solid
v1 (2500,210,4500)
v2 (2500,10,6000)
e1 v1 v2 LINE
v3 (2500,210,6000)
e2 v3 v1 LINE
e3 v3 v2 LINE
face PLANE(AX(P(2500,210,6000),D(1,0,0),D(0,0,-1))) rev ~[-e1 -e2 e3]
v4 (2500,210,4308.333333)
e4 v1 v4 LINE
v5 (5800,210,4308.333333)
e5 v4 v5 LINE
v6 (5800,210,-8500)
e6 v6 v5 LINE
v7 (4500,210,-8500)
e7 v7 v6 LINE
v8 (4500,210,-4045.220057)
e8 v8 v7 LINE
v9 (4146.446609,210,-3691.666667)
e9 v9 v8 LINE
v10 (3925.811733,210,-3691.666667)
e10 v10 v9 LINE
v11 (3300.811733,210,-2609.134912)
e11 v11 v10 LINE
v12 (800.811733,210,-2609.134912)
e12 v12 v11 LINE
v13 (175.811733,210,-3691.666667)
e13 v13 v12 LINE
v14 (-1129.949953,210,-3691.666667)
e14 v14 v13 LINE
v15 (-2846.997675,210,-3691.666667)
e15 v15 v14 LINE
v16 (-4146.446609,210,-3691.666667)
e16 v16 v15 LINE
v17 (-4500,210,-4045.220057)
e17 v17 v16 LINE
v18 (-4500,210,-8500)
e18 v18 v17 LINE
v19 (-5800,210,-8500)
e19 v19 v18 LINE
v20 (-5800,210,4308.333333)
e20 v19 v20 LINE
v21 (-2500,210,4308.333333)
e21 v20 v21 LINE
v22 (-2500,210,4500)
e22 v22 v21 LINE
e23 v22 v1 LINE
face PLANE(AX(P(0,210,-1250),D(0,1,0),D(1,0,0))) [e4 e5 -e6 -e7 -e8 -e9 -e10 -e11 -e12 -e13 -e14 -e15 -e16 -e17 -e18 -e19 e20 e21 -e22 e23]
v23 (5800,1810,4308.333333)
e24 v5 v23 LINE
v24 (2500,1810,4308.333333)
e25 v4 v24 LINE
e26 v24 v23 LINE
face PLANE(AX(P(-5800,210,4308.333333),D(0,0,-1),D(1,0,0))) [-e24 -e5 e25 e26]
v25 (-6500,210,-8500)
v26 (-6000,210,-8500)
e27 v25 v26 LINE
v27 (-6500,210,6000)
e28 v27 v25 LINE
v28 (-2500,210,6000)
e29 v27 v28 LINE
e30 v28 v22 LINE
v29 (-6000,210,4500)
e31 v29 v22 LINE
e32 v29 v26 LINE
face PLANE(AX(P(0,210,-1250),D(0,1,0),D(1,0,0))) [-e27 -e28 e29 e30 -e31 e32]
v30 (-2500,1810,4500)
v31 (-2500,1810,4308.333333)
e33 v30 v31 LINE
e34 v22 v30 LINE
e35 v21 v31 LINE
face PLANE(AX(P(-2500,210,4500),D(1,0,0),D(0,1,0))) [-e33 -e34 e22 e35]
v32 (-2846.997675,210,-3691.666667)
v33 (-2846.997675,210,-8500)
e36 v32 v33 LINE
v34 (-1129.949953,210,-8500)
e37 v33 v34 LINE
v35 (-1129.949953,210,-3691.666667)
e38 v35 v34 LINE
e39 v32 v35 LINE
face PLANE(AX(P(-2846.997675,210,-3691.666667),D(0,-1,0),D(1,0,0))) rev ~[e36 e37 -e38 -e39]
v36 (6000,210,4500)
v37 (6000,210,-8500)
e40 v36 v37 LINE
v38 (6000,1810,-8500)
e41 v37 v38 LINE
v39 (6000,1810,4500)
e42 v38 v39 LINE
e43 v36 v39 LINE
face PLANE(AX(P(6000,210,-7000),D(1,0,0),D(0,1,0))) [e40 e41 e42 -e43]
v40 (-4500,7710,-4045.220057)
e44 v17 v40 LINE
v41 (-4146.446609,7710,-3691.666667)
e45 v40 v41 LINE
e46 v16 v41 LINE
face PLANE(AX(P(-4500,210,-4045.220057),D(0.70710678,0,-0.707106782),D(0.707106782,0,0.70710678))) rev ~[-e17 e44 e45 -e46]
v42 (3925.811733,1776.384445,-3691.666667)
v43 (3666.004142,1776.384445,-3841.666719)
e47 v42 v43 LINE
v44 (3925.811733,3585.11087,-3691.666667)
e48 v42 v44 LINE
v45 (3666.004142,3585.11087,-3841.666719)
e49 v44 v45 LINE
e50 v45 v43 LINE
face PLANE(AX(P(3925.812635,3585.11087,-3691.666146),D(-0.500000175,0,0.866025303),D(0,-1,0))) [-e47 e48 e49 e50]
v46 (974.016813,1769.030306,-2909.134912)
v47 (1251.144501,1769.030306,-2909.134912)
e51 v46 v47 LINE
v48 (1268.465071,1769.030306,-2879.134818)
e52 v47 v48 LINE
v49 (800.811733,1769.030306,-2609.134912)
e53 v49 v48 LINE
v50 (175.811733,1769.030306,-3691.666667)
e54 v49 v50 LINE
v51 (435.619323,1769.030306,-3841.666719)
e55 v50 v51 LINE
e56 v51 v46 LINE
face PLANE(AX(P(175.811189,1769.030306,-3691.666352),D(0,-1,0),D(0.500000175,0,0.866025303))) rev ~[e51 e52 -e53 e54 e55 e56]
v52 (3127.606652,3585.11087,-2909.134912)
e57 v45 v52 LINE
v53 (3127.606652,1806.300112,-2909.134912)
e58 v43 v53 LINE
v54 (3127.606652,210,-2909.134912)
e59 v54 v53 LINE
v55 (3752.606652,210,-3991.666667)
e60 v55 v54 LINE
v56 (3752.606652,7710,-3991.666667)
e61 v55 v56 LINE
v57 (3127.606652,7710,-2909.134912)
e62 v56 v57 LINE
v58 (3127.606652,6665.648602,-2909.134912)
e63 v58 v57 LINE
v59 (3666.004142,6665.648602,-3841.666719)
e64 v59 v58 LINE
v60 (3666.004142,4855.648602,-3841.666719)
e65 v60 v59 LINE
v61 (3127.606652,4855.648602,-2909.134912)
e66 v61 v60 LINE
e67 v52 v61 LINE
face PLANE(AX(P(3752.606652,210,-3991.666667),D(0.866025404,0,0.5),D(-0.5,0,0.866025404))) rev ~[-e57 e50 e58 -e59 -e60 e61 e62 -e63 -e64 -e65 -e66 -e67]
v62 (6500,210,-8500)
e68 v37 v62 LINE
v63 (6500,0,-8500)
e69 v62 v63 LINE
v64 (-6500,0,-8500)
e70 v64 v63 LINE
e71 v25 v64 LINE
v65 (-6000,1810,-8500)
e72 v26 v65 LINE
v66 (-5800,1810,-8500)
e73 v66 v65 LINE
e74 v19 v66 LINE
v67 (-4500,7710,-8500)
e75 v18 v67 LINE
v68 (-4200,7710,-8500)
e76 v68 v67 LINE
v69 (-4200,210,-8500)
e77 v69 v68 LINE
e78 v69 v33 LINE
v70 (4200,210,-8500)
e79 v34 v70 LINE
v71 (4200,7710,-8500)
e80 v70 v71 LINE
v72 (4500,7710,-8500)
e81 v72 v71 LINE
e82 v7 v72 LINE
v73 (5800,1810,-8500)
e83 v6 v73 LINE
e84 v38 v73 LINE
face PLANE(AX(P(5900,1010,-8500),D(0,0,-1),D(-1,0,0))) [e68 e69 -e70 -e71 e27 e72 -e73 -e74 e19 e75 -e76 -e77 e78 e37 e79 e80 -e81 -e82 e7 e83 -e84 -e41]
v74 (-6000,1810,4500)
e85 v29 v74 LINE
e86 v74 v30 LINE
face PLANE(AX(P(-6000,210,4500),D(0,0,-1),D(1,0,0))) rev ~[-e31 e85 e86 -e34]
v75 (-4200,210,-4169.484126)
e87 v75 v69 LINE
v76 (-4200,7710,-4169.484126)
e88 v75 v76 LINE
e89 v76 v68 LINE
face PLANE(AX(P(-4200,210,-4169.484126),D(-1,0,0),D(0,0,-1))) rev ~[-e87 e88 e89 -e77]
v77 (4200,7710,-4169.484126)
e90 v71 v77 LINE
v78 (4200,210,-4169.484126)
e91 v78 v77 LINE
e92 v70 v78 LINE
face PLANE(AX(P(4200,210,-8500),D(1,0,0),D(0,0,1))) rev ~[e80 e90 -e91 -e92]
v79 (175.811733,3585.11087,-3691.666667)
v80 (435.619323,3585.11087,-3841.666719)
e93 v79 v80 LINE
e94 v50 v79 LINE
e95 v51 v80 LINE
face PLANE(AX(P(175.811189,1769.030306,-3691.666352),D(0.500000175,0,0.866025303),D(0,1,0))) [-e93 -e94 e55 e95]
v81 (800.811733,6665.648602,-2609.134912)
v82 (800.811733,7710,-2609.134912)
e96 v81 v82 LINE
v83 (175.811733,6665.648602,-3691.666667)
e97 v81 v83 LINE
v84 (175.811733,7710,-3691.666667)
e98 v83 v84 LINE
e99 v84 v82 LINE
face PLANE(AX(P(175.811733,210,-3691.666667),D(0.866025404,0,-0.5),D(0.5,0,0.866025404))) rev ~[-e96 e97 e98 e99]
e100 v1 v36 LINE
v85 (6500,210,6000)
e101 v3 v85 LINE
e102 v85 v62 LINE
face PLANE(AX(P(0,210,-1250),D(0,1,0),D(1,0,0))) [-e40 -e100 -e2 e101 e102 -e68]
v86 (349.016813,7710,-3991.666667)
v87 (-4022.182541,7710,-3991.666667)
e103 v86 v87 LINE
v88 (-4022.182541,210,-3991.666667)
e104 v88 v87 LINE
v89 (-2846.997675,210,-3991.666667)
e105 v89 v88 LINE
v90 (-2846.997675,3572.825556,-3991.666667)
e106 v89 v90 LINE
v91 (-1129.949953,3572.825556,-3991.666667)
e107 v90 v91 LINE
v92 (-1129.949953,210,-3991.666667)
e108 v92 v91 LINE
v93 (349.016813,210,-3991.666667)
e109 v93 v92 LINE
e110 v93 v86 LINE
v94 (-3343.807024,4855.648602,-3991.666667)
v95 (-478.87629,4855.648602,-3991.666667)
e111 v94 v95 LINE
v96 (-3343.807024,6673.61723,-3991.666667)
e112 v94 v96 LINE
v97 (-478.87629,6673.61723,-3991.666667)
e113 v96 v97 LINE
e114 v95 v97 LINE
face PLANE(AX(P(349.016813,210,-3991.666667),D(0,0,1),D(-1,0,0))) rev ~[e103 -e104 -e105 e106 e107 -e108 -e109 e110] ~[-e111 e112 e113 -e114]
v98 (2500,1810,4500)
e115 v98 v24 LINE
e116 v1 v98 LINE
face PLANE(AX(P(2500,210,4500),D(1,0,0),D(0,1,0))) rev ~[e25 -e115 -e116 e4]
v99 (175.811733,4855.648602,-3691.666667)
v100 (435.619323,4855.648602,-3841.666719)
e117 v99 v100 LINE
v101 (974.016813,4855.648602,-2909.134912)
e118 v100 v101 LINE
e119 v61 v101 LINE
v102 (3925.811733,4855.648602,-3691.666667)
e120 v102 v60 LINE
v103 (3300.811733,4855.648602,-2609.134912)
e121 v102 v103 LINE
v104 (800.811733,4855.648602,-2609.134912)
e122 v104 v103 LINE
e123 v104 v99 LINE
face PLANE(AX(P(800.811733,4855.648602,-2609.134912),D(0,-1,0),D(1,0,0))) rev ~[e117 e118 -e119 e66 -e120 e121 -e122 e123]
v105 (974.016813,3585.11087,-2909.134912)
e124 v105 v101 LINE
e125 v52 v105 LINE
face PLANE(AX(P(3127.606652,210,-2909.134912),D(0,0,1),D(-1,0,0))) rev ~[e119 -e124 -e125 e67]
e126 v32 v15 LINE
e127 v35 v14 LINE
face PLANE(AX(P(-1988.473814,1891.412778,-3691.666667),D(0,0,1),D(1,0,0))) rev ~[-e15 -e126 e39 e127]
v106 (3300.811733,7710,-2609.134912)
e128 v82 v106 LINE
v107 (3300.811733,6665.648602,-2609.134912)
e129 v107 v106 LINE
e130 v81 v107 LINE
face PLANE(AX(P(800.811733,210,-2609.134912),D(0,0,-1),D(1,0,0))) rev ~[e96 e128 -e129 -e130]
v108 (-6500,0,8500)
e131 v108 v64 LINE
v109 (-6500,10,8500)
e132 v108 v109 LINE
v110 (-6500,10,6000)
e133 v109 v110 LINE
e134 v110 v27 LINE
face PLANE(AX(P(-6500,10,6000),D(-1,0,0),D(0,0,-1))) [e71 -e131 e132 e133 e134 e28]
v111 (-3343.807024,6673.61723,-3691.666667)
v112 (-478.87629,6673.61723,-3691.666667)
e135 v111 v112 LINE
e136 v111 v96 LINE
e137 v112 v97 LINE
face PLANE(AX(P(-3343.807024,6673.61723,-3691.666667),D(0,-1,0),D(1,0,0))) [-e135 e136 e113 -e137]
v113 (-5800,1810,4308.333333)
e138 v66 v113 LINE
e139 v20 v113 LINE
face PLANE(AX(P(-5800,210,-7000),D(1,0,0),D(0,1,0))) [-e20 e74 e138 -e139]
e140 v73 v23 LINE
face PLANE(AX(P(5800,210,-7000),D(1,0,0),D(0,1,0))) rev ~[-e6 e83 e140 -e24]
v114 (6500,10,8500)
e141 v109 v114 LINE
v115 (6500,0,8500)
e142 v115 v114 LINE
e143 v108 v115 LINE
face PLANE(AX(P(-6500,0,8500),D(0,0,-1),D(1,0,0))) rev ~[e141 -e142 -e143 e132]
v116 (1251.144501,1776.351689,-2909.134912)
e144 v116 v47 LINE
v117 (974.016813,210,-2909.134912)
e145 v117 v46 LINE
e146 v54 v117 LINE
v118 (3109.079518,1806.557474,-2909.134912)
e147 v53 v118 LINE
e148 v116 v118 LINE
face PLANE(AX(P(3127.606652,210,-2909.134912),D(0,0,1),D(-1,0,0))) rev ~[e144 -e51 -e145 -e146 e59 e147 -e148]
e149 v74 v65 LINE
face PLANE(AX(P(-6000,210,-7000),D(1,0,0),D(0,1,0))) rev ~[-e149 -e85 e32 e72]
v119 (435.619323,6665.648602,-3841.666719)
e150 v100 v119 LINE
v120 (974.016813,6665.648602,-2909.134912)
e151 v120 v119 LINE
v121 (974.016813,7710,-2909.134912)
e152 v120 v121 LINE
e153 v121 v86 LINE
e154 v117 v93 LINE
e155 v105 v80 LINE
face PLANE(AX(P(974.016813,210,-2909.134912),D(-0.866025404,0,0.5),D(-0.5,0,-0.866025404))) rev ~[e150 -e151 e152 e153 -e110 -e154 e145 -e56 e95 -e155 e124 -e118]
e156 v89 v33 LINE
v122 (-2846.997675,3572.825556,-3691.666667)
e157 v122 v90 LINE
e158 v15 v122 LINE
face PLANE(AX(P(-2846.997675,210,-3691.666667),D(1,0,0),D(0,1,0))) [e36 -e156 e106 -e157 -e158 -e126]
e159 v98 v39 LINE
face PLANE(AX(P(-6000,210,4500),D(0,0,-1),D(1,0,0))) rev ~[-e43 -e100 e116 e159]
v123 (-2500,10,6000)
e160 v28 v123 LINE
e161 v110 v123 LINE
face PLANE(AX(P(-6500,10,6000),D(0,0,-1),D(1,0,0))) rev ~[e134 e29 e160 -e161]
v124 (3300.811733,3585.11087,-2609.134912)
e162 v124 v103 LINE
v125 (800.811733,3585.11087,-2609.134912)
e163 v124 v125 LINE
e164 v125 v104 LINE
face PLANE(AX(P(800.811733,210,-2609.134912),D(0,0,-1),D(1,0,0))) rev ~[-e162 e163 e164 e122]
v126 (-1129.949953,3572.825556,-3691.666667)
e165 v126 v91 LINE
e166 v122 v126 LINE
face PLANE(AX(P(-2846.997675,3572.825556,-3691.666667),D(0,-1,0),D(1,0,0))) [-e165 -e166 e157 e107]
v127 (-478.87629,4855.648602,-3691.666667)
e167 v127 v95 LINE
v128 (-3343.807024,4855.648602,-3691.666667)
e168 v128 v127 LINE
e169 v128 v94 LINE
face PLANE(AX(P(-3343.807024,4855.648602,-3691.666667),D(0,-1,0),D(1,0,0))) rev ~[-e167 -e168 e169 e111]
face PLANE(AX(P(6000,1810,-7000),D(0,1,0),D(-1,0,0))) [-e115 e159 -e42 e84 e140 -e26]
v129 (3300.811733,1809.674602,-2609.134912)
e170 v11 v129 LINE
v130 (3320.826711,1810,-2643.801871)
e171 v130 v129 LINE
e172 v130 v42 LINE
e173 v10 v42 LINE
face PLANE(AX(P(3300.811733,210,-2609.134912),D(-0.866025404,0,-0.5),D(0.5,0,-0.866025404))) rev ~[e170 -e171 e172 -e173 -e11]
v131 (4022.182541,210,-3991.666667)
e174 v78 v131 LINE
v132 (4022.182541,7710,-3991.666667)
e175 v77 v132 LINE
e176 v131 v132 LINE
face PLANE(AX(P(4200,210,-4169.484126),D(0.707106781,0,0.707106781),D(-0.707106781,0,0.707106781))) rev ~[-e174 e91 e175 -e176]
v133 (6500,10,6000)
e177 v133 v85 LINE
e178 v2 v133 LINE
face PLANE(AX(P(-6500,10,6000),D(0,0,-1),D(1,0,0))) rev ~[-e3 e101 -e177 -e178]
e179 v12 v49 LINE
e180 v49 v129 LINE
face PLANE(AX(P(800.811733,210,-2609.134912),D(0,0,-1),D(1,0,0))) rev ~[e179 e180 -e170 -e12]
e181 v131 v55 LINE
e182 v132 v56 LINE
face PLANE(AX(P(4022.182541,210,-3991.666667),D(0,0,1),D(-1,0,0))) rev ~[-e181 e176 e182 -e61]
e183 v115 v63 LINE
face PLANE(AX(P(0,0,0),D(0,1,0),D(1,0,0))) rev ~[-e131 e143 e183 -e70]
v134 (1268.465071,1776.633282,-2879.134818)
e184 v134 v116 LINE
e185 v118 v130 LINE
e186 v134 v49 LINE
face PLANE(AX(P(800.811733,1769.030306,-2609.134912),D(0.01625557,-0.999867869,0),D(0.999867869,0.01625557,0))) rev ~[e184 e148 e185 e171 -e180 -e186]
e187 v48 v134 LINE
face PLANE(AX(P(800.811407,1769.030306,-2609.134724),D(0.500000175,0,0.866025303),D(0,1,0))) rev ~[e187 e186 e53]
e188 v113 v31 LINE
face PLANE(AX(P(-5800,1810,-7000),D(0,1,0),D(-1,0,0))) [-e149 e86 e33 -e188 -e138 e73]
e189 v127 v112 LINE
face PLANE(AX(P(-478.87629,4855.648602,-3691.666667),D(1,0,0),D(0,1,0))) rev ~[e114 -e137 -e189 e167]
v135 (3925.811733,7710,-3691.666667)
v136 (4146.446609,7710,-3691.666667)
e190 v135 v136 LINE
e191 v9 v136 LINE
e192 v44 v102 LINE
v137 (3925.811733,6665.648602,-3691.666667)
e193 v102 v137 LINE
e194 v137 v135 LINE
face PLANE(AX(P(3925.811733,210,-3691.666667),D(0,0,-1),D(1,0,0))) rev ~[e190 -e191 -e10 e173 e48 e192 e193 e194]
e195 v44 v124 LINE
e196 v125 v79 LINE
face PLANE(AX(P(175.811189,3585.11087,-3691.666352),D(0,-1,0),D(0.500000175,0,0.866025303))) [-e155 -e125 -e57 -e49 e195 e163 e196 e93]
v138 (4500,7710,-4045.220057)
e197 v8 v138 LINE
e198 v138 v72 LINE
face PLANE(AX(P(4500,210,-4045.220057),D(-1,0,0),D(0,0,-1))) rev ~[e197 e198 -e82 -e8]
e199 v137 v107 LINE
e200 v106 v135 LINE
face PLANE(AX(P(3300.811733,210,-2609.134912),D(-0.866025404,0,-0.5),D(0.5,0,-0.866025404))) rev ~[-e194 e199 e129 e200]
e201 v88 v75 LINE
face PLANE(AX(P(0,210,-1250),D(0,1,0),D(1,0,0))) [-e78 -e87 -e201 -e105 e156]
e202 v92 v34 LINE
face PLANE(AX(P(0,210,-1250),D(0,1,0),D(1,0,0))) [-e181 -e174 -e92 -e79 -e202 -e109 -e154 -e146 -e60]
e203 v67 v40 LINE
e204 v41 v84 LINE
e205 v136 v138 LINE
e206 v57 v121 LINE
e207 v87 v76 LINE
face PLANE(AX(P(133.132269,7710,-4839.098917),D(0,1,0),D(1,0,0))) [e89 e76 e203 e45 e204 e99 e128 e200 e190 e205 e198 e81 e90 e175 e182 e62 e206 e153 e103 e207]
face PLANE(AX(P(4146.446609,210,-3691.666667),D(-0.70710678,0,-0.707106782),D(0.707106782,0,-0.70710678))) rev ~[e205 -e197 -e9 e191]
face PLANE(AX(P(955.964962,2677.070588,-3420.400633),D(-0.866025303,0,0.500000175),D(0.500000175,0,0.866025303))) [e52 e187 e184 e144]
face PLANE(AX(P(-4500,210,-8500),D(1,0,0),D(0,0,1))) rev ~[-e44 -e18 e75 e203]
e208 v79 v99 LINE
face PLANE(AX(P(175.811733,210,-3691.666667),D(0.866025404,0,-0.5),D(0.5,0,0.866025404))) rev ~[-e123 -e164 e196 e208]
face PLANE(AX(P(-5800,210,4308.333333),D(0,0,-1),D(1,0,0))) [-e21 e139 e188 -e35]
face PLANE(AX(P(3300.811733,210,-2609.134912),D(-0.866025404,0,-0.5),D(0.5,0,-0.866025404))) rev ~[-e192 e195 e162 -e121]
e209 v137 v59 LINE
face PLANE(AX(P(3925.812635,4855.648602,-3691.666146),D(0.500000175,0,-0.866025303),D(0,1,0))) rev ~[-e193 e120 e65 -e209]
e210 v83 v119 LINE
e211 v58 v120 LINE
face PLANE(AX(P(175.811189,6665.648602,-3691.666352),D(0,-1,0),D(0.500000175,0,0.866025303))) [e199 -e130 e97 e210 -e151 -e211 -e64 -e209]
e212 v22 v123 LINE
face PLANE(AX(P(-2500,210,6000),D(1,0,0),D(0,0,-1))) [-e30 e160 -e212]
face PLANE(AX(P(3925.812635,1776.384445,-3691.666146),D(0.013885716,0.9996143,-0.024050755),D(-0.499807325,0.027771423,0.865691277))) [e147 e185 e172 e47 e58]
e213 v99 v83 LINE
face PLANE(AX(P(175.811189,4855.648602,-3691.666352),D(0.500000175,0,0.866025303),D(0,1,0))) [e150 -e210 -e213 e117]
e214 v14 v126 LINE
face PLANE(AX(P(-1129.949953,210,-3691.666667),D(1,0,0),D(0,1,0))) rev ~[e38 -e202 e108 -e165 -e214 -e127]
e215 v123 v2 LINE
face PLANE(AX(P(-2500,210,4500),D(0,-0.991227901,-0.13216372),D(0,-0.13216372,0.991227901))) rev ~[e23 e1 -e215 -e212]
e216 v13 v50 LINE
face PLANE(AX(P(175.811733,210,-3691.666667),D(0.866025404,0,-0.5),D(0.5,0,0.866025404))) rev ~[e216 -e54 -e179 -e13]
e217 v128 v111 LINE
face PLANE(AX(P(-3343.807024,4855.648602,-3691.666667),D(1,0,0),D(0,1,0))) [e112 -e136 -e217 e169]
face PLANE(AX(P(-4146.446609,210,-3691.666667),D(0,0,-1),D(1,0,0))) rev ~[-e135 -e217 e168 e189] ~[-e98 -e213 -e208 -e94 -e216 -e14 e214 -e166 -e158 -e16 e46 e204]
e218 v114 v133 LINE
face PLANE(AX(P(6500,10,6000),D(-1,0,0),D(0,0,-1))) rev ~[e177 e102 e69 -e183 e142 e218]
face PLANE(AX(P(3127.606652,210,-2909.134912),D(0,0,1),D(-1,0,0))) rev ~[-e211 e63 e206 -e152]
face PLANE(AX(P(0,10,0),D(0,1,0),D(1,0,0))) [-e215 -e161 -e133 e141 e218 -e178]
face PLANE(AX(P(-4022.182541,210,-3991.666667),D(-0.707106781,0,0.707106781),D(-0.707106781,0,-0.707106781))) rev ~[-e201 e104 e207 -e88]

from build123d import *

# Parameters (mm, degrees)
CROQUIS1_W              = 13000
CROQUIS1_H              = 17000
SALIENTE_EXTRUIR1_DEPTH = 10
CROQUIS2_W              = 13000
CROQUIS2_H              = 14500
SALIENTE_EXTRUIR2_DEPTH = 200
CROQUIS4_W              = 12000
CROQUIS4_H              = 11500
CROQUIS4_W_2            = 11600
CROQUIS4_H_2            = 11116.666666
SALIENTE_EXTRUIR4_DEPTH = 1600
CROQUIS5_W              = 5000
CROQUIS5_H              = 1600
CORTAR_EXTRUIR1_DEPTH   = 191.666667
CROQUIS7_W              = 11600
CROQUIS7_H              = 1600
CORTAR_EXTRUIR2_DEPTH   = 191.666667
CROQUIS8_W              = 5000
CROQUIS8_H              = 1500
CORTAR_EXTRUIR3_DEPTH   = 200
SALIENTE_EXTRUIR5_DEPTH = 5000
SALIENTE_EXTRUIR6_DEPTH = 7500
CROQUIS11_W             = 200
CROQUIS11_H             = 1600
SALIENTE_EXTRUIR7_DEPTH = 1500
CROQUIS12_W             = 1717.047722
CROQUIS12_H             = 3362.825557
CORTAR_EXTRUIR4_DEPTH   = 4809.333333
CORTAR_EXTRUIR5_DEPTH   = 5891.865088
CORTAR_EXTRUIR6_DEPTH   = 690
CROQUIS15_W             = 1250
CROQUIS15_H             = 1816.080564
CORTAR_EXTRUIR7_DEPTH   = 540
CROQUIS16_W             = 2500
CROQUIS16_H             = 1810
CORTAR_EXTRUIR8_DEPTH   = 540
CROQUIS17_W             = 1250
CROQUIS17_H             = 1810
CORTAR_EXTRUIR9_DEPTH   = 540
CROQUIS18_W             = 1250
CROQUIS18_H             = 1810
CORTAR_EXTRUIR10_DEPTH  = 540
CROQUIS19_W             = 2864.930734
CROQUIS19_H             = 1817.968628
CORTAR_EXTRUIR11_DEPTH  = 540


with BuildPart() as part:
    # Croquis1 → Saliente-Extruir1 (new body)
    with BuildSketch(Plane(origin=(0, 0, 0), x_dir=(1, 0, 0), z_dir=(0, 1, 0))):
        Rectangle(CROQUIS1_W, CROQUIS1_H)
    extrude(amount=SALIENTE_EXTRUIR1_DEPTH)

    # Croquis2 → Saliente-Extruir2 (add)
    with BuildSketch(Plane(origin=(0, 10, 0), x_dir=(1, 0, 0), z_dir=(0, 1, 0))):
        with Locations((0, 1250)):
            Rectangle(CROQUIS2_W, CROQUIS2_H)
    extrude(amount=SALIENTE_EXTRUIR2_DEPTH)

    # Croquis4 → Saliente-Extruir4 (add)
    with BuildSketch(Plane(origin=(0, 210, 0), x_dir=(1, 0, 0), z_dir=(0, 1, 0))):
        with Locations((0, 1250)):
            Rectangle(CROQUIS4_W, CROQUIS4_H)
        with Locations((0, 1250)):
            Rectangle(CROQUIS4_W_2, CROQUIS4_H_2, mode=Mode.SUBTRACT)
    extrude(amount=SALIENTE_EXTRUIR4_DEPTH)

    # Croquis5 → Cortar-Extruir1 (cut)
    with BuildSketch(Plane.XY.offset(4500)):
        with Locations((0, 1010)):
            Rectangle(CROQUIS5_W, CROQUIS5_H)
    extrude(amount=-CORTAR_EXTRUIR1_DEPTH, mode=Mode.SUBTRACT)

    # Croquis7 → Cortar-Extruir2 (cut)
    with BuildSketch(Plane.XY.offset(-6808.333333)):
        with Locations((0, 1010)):
            Rectangle(CROQUIS7_W, CROQUIS7_H)
    extrude(amount=-CORTAR_EXTRUIR2_DEPTH, mode=Mode.SUBTRACT)

    # Croquis8 → Cortar-Extruir3 (cut)
    with BuildSketch(Plane(origin=(0, 210, 0), x_dir=(1, 0, 0), z_dir=(0, 1, 0))):
        with Locations((0, -5250)):
            Rectangle(CROQUIS8_W, CROQUIS8_H)
    extrude(amount=-CORTAR_EXTRUIR3_DEPTH, mode=Mode.SUBTRACT)

    # Croquis9 → Saliente-Extruir5 (add)
    with BuildSketch(Plane(origin=(-2500, 0, 0), x_dir=(0, 0, -1), z_dir=(1, 0, 0))):
        Polygon((-6000, 10), (-4500, 10), (-4500, 210), align=None)
    extrude(amount=SALIENTE_EXTRUIR5_DEPTH)

    # Croquis10 → Saliente-Extruir6 (add)
    with BuildSketch(Plane(origin=(0, 210, 0), x_dir=(1, 0, 0), z_dir=(0, 1, 0))):
        Polygon((-4146.446609, 3691.666667), (175.811733, 3691.666667), (800.811733, 2609.134912), (3300.811733, 2609.134912), (3925.811733, 3691.666667), (4146.446609, 3691.666667), (4500, 4045.220057), (4500, 8500), (4200, 8500), (4200, 4169.484126), (4022.182541, 3991.666667), (3752.606652, 3991.666667), (3127.606652, 2909.134912), (974.016813, 2909.134912), (349.016813, 3991.666667), (-4022.182541, 3991.666667), (-4200, 4169.484126), (-4200, 8500), (-4500, 8500), (-4500, 4045.220057), align=None)
    extrude(amount=SALIENTE_EXTRUIR6_DEPTH)

    # Croquis11 → Saliente-Extruir7 (add)
    with BuildSketch(Plane(origin=(0, 0, -7000), x_dir=(-1, 0, 0), z_dir=(0, 0, -1))):
        with Locations((-5900, 1010)):
            Rectangle(CROQUIS11_W, CROQUIS11_H)
        with Locations((5900, 1010)):
            Rectangle(CROQUIS11_W, CROQUIS11_H)
    extrude(amount=SALIENTE_EXTRUIR7_DEPTH)

    # Croquis12 → Cortar-Extruir4 (cut, through all)
    with BuildSketch(Plane.XY.offset(-3691.666667)):
        with Locations((-1988.473814, 1891.412778)):
            Rectangle(CROQUIS12_W, CROQUIS12_H)
    extrude(amount=-CORTAR_EXTRUIR4_DEPTH, mode=Mode.SUBTRACT)

    # Croquis13 → Cortar-Extruir5 (cut, through all)
    with BuildSketch(Plane.XY.offset(-2609.134912)):
        Polygon((800.811733, 1769.030306), (3320.826711, 1810), (3300.811733, 3585.11087), (800.811733, 3585.11087), align=None)
    extrude(amount=-CORTAR_EXTRUIR5_DEPTH, mode=Mode.SUBTRACT)

    # Croquis14 → Cortar-Extruir6 (cut, symmetric)
    with BuildSketch(Plane(origin=(1345.820242, 0, 777.009679), x_dir=(0.5, 0, -0.866025), z_dir=(0.866025, 0, 0.5))):
        Polygon((3909.982982, 3585.11087), (5159.982982, 3585.11087), (5159.982982, 1776.384445), (3950.012938, 1810), align=None)
    extrude(amount=CORTAR_EXTRUIR6_DEPTH, both=True, mode=Mode.SUBTRACT)

    # Croquis15 → Cortar-Extruir7 (cut)
    with BuildSketch(Plane(origin=(1730.397357, 0, -999.04538), x_dir=(0.5, 0, 0.866025), z_dir=(-0.866025, 0, 0.5))):
        with Locations((-2484.171249, 2677.070588)):
            Rectangle(CROQUIS15_W, CROQUIS15_H)
    extrude(amount=-CORTAR_EXTRUIR7_DEPTH, mode=Mode.SUBTRACT)

    # Croquis16 → Cortar-Extruir8 (cut)
    with BuildSketch(Plane.XY.offset(-2609.134912)):
        with Locations((2050.811733, 5760.648602)):
            Rectangle(CROQUIS16_W, CROQUIS16_H)
    extrude(amount=-CORTAR_EXTRUIR8_DEPTH, mode=Mode.SUBTRACT)

    # Croquis17 → Cortar-Extruir9 (cut)
    with BuildSketch(Plane(origin=(1345.820242, 0, 777.009679), x_dir=(0.5, 0, -0.866025), z_dir=(0.866025, 0, 0.5))):
        with Locations((4534.982982, 5760.648602)):
            Rectangle(CROQUIS17_W, CROQUIS17_H)
    extrude(amount=-CORTAR_EXTRUIR9_DEPTH, mode=Mode.SUBTRACT)

    # Croquis18 → Cortar-Extruir10 (cut)
    with BuildSketch(Plane(origin=(1730.397357, 0, -999.04538), x_dir=(0.5, 0, 0.866025), z_dir=(-0.866025, 0, 0.5))):
        with Locations((-2484.171249, 5760.648602)):
            Rectangle(CROQUIS18_W, CROQUIS18_H)
    extrude(amount=-CORTAR_EXTRUIR10_DEPTH, mode=Mode.SUBTRACT)

    # Croquis19 → Cortar-Extruir11 (cut)
    with BuildSketch(Plane.XY.offset(-3691.666667)):
        with Locations((-1911.341657, 5764.632916)):
            Rectangle(CROQUIS19_W, CROQUIS19_H)
    extrude(amount=-CORTAR_EXTRUIR11_DEPTH, mode=Mode.SUBTRACT)


solid = part.part
